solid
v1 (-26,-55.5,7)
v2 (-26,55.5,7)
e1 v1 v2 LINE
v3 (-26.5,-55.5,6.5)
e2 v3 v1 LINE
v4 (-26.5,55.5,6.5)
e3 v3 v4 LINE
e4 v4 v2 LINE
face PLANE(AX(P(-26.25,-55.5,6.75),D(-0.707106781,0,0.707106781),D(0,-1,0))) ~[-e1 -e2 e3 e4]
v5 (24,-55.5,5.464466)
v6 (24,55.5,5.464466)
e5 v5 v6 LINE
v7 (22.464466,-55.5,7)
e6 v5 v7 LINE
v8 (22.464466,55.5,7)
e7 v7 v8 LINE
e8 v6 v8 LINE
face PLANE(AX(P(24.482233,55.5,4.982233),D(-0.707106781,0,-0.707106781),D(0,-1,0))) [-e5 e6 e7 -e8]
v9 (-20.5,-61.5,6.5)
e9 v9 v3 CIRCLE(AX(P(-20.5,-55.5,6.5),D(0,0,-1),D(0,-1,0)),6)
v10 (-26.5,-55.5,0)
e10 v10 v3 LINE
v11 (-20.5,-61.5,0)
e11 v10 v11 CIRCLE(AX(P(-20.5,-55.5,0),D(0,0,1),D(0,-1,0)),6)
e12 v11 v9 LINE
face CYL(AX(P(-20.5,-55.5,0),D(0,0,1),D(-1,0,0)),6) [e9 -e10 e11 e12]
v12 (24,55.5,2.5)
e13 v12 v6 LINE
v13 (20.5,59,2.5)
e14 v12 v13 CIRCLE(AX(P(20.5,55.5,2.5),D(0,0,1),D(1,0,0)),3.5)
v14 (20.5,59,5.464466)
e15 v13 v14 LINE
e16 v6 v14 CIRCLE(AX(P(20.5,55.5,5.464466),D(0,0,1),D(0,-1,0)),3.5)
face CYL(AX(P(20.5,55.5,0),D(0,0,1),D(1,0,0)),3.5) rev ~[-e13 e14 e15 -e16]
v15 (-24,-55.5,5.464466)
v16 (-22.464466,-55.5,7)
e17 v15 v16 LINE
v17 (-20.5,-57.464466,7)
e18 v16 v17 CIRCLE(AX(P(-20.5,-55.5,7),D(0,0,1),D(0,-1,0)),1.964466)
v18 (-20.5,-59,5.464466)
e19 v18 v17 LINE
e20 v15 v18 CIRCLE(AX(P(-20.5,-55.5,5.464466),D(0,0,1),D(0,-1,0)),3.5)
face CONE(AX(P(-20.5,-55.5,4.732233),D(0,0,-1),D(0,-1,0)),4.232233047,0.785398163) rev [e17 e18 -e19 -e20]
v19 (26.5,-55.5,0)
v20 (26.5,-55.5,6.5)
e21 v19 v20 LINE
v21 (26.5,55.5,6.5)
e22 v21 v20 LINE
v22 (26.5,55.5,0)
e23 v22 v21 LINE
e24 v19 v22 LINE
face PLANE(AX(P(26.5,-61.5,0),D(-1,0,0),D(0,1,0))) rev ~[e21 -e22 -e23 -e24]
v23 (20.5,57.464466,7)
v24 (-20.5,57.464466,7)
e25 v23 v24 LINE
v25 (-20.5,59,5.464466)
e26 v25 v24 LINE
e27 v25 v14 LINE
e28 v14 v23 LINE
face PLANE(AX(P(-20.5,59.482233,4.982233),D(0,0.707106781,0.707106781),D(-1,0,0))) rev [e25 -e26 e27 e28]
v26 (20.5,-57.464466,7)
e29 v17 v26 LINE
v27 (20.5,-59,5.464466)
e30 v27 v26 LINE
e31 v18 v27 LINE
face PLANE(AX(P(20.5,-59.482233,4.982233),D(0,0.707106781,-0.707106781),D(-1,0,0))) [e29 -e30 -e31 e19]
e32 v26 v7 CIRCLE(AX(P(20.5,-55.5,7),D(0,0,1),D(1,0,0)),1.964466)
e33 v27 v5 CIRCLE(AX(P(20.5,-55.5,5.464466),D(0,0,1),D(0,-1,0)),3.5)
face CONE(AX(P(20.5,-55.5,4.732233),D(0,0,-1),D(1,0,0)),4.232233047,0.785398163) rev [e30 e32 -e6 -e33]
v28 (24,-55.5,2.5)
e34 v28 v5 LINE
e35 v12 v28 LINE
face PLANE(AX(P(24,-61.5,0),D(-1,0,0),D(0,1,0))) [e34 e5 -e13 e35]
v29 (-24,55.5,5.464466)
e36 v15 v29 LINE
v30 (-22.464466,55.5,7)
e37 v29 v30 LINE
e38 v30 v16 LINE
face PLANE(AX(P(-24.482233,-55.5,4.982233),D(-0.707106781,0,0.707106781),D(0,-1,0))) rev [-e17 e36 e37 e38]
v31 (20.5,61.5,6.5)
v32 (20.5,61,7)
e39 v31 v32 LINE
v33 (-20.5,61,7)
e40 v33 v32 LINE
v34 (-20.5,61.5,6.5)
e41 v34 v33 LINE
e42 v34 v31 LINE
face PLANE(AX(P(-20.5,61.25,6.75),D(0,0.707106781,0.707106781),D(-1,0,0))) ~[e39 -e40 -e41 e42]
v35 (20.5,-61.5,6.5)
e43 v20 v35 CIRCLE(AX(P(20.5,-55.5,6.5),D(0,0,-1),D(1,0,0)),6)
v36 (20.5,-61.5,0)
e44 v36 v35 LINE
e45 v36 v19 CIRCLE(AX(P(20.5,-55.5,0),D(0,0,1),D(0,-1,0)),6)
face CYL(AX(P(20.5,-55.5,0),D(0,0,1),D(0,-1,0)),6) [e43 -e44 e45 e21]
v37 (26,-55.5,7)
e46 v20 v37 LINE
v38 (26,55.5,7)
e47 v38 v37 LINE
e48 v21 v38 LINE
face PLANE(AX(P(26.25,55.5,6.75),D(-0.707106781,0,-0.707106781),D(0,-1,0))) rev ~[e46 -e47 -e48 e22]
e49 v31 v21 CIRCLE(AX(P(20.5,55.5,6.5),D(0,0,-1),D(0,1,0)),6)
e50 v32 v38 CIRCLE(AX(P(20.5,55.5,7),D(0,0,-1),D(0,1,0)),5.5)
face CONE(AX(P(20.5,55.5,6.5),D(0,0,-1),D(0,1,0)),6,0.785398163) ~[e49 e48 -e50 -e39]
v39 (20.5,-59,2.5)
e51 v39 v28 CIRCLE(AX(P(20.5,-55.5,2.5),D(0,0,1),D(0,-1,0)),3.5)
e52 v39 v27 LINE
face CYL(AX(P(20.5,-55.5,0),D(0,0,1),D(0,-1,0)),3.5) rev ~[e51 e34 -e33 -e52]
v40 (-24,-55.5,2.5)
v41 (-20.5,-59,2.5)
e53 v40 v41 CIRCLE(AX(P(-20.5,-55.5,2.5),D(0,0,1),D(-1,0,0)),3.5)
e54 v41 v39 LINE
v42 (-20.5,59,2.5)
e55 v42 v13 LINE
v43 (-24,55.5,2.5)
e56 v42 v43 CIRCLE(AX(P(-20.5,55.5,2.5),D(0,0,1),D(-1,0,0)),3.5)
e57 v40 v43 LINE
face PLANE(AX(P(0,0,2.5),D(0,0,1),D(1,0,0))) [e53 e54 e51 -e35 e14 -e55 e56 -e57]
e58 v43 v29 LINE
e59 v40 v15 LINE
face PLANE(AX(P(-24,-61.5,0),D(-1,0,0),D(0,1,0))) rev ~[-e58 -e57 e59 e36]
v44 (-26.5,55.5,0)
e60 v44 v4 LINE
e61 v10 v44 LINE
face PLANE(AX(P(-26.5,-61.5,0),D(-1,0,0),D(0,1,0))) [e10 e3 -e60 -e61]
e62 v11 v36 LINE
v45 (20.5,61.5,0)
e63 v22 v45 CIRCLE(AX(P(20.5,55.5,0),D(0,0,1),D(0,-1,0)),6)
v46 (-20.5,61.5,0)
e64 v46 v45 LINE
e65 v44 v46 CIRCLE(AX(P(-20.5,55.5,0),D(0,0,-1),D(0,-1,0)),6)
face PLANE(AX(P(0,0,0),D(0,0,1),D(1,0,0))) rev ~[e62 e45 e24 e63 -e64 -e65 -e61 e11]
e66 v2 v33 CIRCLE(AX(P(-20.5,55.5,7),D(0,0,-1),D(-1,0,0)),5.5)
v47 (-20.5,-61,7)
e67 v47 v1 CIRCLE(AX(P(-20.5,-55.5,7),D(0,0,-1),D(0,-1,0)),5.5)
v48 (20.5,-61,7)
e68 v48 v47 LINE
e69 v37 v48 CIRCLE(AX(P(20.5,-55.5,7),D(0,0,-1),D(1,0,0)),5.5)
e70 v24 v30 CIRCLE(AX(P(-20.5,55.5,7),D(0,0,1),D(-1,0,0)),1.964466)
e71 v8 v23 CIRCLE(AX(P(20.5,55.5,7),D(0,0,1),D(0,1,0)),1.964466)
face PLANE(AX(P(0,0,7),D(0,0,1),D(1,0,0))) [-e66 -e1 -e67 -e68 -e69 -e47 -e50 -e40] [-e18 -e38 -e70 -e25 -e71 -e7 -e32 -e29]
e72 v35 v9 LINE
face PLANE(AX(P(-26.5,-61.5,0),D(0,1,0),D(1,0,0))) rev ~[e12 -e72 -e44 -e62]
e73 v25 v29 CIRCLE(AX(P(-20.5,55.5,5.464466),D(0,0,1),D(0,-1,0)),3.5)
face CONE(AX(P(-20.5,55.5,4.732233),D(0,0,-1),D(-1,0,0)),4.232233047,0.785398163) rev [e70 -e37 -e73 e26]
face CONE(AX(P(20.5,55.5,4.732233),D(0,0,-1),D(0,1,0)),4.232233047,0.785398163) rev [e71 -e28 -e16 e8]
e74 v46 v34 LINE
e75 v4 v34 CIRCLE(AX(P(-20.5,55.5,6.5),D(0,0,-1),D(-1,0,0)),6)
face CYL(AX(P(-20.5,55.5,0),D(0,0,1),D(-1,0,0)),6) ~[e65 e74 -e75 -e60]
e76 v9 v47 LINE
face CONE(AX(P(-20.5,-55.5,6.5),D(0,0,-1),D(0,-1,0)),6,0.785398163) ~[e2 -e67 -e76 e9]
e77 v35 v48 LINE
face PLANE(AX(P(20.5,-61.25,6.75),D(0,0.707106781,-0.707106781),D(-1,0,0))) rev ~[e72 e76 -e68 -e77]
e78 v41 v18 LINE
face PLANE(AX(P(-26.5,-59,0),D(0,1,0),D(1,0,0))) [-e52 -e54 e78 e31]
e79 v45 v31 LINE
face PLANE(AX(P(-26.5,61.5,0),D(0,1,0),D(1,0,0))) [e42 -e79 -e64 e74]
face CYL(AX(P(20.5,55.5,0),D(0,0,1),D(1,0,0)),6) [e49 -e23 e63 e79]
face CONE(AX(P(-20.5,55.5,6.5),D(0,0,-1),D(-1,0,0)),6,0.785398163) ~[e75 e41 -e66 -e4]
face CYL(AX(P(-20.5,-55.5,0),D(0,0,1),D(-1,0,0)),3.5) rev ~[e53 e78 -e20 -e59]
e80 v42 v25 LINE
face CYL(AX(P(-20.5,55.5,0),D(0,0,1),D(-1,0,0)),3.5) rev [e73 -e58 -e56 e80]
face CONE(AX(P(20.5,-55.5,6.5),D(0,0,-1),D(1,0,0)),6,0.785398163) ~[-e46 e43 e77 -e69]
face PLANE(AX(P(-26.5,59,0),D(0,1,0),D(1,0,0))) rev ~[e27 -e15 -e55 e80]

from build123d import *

# Parameters (mm, degrees)
F0_W     = 53
F0_H     = 123
F1_DEPTH = 7
F2_R     = 6
F3_SIZE  = 0.5
F4_T     = -2.5


with BuildPart() as f1:
    # F0 (on Top) → F1 (new body)
    with BuildSketch(Plane.XY):
        Rectangle(F0_W, F0_H)
    extrude(amount=F1_DEPTH)

    # F2
    f2_edges = [f1.edges().sort_by_distance(p)[0] for p in [
        (26.5, 61.5, 3.5),
        (-26.5, 61.5, 3.5),
        (26.5, -61.5, 3.5),
        (-26.5, -61.5, 3.5),
    ]]
    fillet(f2_edges, radius=F2_R)

    # F3
    f3_edges = [f1.edges().sort_by_distance(p)[0] for p in [
        (-26.5, 0, 7),
        (-24.742641, -59.742641, 7),
        (0, -61.5, 7),
        (24.742641, -59.742641, 7),
        (26.5, 0, 7),
        (24.742641, 59.742641, 7),
        (0, 61.5, 7),
        (-24.742641, 59.742641, 7),
    ]]
    chamfer(f3_edges, length=F3_SIZE)

    # F4
    f4_openings = [f1.faces().sort_by_distance(p)[0] for p in [
        (0, 0, 7),
    ]]
    offset(amount=F4_T, openings=f4_openings)


solid = f1.part
